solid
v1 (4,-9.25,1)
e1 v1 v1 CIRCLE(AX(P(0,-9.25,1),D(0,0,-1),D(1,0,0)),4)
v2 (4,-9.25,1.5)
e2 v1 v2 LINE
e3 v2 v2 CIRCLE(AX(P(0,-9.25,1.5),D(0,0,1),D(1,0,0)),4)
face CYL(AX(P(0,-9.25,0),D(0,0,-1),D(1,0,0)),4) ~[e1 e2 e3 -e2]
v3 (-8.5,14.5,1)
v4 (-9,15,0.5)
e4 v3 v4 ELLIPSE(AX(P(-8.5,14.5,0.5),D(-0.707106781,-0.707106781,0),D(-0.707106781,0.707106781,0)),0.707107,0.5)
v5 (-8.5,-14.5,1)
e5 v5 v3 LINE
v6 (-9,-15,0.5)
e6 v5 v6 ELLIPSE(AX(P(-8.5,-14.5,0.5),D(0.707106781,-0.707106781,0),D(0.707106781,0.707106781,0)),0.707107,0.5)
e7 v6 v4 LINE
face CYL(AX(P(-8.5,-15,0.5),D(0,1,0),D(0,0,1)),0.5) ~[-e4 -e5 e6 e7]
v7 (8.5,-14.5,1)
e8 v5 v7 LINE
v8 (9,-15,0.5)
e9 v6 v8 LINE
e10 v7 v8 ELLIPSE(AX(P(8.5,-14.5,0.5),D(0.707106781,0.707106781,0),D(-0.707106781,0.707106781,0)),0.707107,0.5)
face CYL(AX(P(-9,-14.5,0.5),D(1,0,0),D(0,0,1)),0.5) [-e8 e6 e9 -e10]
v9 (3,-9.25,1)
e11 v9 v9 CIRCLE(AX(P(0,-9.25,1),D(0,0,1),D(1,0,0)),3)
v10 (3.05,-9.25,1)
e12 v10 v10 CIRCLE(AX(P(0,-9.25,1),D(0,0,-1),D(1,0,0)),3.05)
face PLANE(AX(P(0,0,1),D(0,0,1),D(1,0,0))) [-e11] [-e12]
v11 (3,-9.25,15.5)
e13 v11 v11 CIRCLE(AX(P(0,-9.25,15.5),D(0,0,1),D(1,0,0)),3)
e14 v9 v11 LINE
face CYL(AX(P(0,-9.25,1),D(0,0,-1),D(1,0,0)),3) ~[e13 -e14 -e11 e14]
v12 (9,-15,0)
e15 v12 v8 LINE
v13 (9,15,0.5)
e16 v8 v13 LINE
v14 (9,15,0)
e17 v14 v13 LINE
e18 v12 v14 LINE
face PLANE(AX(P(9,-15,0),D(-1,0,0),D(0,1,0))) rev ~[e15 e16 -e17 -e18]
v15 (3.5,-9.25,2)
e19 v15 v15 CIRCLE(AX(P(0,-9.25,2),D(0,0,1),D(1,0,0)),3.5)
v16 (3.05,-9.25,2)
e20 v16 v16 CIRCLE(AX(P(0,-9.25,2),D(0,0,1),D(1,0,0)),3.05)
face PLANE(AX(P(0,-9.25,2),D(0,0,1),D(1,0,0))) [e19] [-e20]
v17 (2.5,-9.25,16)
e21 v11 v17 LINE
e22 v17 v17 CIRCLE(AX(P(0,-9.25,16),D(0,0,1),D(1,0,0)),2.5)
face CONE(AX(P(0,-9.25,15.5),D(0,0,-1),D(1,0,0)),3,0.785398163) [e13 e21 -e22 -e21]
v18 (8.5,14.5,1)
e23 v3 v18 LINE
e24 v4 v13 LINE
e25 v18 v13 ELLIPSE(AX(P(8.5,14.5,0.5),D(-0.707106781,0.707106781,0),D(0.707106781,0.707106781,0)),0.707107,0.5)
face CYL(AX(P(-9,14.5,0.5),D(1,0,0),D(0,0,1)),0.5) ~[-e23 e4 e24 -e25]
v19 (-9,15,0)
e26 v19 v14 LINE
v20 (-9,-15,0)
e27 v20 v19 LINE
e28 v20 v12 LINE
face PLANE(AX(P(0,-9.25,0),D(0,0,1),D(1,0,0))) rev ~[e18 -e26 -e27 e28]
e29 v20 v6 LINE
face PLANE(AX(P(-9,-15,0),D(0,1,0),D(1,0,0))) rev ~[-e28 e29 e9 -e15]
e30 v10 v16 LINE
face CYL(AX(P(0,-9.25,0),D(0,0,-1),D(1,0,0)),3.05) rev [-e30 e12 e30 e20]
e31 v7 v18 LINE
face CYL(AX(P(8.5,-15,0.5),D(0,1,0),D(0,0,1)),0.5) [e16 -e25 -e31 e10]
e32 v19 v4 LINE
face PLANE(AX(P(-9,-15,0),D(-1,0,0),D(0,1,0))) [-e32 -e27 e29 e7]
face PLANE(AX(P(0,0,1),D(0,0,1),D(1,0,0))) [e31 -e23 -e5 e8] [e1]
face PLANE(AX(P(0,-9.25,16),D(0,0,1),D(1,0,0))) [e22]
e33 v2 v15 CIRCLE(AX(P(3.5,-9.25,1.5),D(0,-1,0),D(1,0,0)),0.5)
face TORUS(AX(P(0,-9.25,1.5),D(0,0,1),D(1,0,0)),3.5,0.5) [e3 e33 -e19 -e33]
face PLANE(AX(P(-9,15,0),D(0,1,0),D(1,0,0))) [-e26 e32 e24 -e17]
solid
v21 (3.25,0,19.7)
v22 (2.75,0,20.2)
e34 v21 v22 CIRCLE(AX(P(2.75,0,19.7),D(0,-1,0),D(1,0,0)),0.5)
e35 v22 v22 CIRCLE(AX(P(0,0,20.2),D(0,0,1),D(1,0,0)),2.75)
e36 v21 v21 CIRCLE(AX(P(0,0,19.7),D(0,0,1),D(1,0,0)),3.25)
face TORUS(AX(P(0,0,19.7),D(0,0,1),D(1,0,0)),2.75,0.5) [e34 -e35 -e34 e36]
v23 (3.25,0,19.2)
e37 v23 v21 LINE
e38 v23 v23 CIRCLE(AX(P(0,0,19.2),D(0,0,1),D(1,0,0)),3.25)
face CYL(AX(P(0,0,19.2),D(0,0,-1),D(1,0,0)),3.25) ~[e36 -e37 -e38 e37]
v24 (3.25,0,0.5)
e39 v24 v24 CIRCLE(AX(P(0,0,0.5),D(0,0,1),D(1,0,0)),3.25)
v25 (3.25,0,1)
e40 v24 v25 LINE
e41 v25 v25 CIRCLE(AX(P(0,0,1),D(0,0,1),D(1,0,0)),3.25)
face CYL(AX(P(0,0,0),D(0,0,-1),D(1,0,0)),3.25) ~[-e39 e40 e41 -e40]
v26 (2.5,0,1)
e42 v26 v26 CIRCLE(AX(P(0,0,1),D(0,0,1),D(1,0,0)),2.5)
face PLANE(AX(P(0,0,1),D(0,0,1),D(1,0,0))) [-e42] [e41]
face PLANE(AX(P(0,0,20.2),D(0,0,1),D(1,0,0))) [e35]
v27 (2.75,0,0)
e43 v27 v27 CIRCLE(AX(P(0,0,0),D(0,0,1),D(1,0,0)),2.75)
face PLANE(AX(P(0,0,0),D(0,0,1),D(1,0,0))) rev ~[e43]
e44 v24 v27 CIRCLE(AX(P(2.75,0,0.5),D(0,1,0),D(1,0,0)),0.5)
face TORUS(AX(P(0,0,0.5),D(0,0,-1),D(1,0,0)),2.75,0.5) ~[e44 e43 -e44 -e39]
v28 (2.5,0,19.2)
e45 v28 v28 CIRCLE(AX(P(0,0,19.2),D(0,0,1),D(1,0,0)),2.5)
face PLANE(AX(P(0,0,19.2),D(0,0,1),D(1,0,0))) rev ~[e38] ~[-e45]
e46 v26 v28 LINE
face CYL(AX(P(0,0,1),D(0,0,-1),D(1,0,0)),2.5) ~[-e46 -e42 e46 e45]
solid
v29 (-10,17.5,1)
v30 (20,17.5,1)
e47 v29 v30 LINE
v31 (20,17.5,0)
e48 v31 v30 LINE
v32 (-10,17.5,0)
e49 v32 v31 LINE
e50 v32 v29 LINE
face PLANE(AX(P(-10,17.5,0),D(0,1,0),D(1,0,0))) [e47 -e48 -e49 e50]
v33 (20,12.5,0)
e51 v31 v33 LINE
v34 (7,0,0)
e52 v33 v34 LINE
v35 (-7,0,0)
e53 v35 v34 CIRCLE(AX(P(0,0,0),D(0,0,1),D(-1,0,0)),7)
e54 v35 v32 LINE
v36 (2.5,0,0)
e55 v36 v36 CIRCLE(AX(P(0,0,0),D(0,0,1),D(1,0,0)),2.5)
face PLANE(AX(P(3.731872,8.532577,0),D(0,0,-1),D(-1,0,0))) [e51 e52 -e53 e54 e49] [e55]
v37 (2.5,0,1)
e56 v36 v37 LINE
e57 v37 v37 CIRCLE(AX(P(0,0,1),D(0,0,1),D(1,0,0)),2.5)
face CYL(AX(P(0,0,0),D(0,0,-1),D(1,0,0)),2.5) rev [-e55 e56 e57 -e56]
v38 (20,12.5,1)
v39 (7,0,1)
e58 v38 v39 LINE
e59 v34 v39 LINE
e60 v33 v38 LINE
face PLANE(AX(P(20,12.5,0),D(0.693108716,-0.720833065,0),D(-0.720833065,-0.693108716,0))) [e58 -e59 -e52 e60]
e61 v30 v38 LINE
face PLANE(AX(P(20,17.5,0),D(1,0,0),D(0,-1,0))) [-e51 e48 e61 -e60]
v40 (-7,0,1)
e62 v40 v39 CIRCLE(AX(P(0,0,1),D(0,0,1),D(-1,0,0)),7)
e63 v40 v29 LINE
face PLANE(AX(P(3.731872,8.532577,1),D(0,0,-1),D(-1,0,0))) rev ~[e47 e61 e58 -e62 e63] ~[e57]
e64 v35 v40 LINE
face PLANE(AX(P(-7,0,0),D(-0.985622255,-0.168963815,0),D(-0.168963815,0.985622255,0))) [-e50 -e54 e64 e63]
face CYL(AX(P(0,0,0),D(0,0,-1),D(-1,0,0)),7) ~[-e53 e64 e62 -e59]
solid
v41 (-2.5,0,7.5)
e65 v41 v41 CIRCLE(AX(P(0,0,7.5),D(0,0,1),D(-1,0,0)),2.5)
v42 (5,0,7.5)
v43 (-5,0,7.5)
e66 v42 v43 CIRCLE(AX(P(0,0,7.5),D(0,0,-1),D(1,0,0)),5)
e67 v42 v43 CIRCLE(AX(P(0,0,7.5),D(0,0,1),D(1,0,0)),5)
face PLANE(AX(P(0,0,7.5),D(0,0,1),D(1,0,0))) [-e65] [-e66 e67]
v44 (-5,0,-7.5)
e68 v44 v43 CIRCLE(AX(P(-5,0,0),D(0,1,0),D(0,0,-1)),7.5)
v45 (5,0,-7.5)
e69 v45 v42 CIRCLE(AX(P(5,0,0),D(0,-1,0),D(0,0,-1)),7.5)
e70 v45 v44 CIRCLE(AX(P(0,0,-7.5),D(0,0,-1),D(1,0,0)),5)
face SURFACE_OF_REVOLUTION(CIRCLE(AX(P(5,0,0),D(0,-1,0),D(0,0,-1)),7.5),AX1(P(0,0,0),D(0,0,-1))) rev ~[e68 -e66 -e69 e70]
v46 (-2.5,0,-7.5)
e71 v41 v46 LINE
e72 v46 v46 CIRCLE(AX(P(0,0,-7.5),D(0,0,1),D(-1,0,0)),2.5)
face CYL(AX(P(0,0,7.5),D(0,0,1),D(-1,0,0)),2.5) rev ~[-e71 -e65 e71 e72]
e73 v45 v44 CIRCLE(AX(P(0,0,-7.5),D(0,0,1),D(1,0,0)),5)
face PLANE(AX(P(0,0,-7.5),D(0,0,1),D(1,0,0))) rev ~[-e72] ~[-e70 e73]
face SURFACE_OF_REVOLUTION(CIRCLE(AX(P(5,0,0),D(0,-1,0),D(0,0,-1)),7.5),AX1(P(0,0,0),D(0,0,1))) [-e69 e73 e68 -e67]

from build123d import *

# Parameters (mm, degrees)
REVOLUTION_ANGLE = -360
SKETCH001_R      = 2.5
POCKET_DEPTH     = 15.001
SKETCH002_R      = 2.5
PAD_DEPTH        = 1
SKETCH003_W      = 18
SKETCH003_H      = 30
PAD001_DEPTH     = 1
SKETCH004_R      = 3
PAD002_DEPTH     = 15
SKETCH008_R      = 4
SKETCH008_R_2    = 3.05
PAD006_DEPTH     = 2
FILLET_R         = 0.5
CHAMFER_SIZE     = 0.5
FILLET001_R      = 0.5
SKETCH005_R      = 3.25
PAD003_DEPTH     = 1
SKETCH006_R      = 2.5
PAD004_DEPTH     = 18.2
SKETCH007_R      = 3.25
PAD005_DEPTH     = 1
FILLET002_R      = 0.5
FILLET003_R      = 0.5


with BuildPart() as bodyruota:
    # Sketch → Revolution (revolve, symmetric)
    with BuildSketch(Plane.XZ) as revolution_sk:
        with BuildLine():
            Line((5, 7.5), (0, 7.5))
            Line((0, 7.5), (0, -7.5))
            Line((5, -7.5), (0, -7.5))
            ThreePointArc((5, -7.5), (12.5, 0), (5, 7.5))
        make_face()
    revolve(axis=Axis((0, 0, 0), (0, 0, 1)), revolution_arc=REVOLUTION_ANGLE / 2)
    revolve(revolution_sk.sketch, axis=Axis((0, 0, 0), (0, 0, -1)), revolution_arc=REVOLUTION_ANGLE / 2)

    # Sketch001 (on Face2 of Revolution) → Pocket (cut, through all)
    with BuildSketch(Plane(origin=(0, 0, 7.5), x_dir=(-1, 0, 0), z_dir=(0, 0, 1))):
        Circle(SKETCH001_R)
    extrude(amount=-POCKET_DEPTH, mode=Mode.SUBTRACT)


with BuildPart() as bodylatoforcella:
    # Sketch002 → Pad (new body)
    with BuildSketch(Plane.XY):
        with BuildLine():
            Line((-7, 0), (-10, 17.5))
            Line((-10, 17.5), (20, 17.5))
            Line((20, 17.5), (20, 12.5))
            Line((20, 12.5), (7, 0))
            ThreePointArc((-7, 0), (0, -7), (7, 0))
        make_face()
        Circle(SKETCH002_R, mode=Mode.SUBTRACT)
    extrude(amount=PAD_DEPTH)


with BuildPart() as bodybaseforcella:
    # Sketch003 → Pad001 (new body)
    with BuildSketch(Plane.XY):
        Rectangle(SKETCH003_W, SKETCH003_H)
    extrude(amount=PAD001_DEPTH)

    # Sketch004 (on Face6 of Pad001) → Pad002 (join)
    with BuildSketch(Plane.XY.offset(1)):
        with Locations((0, -9.25)):
            Circle(SKETCH004_R)
    extrude(amount=PAD002_DEPTH)

    # Sketch008 → Pad006 (join)
    with BuildSketch(Plane.XY):
        with Locations((0, -9.25)):
            Circle(SKETCH008_R)
        with Locations((0, -9.25)):
            Circle(SKETCH008_R_2, mode=Mode.SUBTRACT)
    extrude(amount=PAD006_DEPTH)

    # Fillet
    fillet_edges = [bodybaseforcella.edges().sort_by_distance(p)[0] for p in [
        (-4, -9.25, 2),
    ]]
    fillet(fillet_edges, radius=FILLET_R)

    # Chamfer
    chamfer_edges = [bodybaseforcella.edges().sort_by_distance(p)[0] for p in [
        (-3, -9.25, 16),
    ]]
    chamfer(chamfer_edges, length=CHAMFER_SIZE)

    # Fillet001
    fillet001_edges = [bodybaseforcella.edges().sort_by_distance(p)[0] for p in [
        (-9, 0, 1),
        (0, 15, 1),
        (9, 0, 1),
        (0, -15, 1),
    ]]
    fillet(fillet001_edges, radius=FILLET001_R)


with BuildPart() as bodyasseruota:
    # Sketch005 → Pad003 (new body)
    with BuildSketch(Plane.XY):
        Circle(SKETCH005_R)
    extrude(amount=PAD003_DEPTH)

    # Sketch006 (on Face3 of Pad003) → Pad004 (join)
    with BuildSketch(Plane.XY.offset(1)):
        Circle(SKETCH006_R)
    extrude(amount=PAD004_DEPTH)

    # Sketch007 (on Face5 of Pad004) → Pad005 (join)
    with BuildSketch(Plane.XY.offset(19.2)):
        Circle(SKETCH007_R)
    extrude(amount=PAD005_DEPTH)

    # Fillet002
    fillet002_edges = [bodyasseruota.edges().sort_by_distance(p)[0] for p in [
        (-3.25, 0, 20.2),
    ]]
    fillet(fillet002_edges, radius=FILLET002_R)

    # Fillet003
    fillet003_edges = [bodyasseruota.edges().sort_by_distance(p)[0] for p in [
        (-3.25, 0, 0),
    ]]
    fillet(fillet003_edges, radius=FILLET003_R)


solid = Compound([bodyruota.part, bodylatoforcella.part, bodybaseforcella.part, bodyasseruota.part])
